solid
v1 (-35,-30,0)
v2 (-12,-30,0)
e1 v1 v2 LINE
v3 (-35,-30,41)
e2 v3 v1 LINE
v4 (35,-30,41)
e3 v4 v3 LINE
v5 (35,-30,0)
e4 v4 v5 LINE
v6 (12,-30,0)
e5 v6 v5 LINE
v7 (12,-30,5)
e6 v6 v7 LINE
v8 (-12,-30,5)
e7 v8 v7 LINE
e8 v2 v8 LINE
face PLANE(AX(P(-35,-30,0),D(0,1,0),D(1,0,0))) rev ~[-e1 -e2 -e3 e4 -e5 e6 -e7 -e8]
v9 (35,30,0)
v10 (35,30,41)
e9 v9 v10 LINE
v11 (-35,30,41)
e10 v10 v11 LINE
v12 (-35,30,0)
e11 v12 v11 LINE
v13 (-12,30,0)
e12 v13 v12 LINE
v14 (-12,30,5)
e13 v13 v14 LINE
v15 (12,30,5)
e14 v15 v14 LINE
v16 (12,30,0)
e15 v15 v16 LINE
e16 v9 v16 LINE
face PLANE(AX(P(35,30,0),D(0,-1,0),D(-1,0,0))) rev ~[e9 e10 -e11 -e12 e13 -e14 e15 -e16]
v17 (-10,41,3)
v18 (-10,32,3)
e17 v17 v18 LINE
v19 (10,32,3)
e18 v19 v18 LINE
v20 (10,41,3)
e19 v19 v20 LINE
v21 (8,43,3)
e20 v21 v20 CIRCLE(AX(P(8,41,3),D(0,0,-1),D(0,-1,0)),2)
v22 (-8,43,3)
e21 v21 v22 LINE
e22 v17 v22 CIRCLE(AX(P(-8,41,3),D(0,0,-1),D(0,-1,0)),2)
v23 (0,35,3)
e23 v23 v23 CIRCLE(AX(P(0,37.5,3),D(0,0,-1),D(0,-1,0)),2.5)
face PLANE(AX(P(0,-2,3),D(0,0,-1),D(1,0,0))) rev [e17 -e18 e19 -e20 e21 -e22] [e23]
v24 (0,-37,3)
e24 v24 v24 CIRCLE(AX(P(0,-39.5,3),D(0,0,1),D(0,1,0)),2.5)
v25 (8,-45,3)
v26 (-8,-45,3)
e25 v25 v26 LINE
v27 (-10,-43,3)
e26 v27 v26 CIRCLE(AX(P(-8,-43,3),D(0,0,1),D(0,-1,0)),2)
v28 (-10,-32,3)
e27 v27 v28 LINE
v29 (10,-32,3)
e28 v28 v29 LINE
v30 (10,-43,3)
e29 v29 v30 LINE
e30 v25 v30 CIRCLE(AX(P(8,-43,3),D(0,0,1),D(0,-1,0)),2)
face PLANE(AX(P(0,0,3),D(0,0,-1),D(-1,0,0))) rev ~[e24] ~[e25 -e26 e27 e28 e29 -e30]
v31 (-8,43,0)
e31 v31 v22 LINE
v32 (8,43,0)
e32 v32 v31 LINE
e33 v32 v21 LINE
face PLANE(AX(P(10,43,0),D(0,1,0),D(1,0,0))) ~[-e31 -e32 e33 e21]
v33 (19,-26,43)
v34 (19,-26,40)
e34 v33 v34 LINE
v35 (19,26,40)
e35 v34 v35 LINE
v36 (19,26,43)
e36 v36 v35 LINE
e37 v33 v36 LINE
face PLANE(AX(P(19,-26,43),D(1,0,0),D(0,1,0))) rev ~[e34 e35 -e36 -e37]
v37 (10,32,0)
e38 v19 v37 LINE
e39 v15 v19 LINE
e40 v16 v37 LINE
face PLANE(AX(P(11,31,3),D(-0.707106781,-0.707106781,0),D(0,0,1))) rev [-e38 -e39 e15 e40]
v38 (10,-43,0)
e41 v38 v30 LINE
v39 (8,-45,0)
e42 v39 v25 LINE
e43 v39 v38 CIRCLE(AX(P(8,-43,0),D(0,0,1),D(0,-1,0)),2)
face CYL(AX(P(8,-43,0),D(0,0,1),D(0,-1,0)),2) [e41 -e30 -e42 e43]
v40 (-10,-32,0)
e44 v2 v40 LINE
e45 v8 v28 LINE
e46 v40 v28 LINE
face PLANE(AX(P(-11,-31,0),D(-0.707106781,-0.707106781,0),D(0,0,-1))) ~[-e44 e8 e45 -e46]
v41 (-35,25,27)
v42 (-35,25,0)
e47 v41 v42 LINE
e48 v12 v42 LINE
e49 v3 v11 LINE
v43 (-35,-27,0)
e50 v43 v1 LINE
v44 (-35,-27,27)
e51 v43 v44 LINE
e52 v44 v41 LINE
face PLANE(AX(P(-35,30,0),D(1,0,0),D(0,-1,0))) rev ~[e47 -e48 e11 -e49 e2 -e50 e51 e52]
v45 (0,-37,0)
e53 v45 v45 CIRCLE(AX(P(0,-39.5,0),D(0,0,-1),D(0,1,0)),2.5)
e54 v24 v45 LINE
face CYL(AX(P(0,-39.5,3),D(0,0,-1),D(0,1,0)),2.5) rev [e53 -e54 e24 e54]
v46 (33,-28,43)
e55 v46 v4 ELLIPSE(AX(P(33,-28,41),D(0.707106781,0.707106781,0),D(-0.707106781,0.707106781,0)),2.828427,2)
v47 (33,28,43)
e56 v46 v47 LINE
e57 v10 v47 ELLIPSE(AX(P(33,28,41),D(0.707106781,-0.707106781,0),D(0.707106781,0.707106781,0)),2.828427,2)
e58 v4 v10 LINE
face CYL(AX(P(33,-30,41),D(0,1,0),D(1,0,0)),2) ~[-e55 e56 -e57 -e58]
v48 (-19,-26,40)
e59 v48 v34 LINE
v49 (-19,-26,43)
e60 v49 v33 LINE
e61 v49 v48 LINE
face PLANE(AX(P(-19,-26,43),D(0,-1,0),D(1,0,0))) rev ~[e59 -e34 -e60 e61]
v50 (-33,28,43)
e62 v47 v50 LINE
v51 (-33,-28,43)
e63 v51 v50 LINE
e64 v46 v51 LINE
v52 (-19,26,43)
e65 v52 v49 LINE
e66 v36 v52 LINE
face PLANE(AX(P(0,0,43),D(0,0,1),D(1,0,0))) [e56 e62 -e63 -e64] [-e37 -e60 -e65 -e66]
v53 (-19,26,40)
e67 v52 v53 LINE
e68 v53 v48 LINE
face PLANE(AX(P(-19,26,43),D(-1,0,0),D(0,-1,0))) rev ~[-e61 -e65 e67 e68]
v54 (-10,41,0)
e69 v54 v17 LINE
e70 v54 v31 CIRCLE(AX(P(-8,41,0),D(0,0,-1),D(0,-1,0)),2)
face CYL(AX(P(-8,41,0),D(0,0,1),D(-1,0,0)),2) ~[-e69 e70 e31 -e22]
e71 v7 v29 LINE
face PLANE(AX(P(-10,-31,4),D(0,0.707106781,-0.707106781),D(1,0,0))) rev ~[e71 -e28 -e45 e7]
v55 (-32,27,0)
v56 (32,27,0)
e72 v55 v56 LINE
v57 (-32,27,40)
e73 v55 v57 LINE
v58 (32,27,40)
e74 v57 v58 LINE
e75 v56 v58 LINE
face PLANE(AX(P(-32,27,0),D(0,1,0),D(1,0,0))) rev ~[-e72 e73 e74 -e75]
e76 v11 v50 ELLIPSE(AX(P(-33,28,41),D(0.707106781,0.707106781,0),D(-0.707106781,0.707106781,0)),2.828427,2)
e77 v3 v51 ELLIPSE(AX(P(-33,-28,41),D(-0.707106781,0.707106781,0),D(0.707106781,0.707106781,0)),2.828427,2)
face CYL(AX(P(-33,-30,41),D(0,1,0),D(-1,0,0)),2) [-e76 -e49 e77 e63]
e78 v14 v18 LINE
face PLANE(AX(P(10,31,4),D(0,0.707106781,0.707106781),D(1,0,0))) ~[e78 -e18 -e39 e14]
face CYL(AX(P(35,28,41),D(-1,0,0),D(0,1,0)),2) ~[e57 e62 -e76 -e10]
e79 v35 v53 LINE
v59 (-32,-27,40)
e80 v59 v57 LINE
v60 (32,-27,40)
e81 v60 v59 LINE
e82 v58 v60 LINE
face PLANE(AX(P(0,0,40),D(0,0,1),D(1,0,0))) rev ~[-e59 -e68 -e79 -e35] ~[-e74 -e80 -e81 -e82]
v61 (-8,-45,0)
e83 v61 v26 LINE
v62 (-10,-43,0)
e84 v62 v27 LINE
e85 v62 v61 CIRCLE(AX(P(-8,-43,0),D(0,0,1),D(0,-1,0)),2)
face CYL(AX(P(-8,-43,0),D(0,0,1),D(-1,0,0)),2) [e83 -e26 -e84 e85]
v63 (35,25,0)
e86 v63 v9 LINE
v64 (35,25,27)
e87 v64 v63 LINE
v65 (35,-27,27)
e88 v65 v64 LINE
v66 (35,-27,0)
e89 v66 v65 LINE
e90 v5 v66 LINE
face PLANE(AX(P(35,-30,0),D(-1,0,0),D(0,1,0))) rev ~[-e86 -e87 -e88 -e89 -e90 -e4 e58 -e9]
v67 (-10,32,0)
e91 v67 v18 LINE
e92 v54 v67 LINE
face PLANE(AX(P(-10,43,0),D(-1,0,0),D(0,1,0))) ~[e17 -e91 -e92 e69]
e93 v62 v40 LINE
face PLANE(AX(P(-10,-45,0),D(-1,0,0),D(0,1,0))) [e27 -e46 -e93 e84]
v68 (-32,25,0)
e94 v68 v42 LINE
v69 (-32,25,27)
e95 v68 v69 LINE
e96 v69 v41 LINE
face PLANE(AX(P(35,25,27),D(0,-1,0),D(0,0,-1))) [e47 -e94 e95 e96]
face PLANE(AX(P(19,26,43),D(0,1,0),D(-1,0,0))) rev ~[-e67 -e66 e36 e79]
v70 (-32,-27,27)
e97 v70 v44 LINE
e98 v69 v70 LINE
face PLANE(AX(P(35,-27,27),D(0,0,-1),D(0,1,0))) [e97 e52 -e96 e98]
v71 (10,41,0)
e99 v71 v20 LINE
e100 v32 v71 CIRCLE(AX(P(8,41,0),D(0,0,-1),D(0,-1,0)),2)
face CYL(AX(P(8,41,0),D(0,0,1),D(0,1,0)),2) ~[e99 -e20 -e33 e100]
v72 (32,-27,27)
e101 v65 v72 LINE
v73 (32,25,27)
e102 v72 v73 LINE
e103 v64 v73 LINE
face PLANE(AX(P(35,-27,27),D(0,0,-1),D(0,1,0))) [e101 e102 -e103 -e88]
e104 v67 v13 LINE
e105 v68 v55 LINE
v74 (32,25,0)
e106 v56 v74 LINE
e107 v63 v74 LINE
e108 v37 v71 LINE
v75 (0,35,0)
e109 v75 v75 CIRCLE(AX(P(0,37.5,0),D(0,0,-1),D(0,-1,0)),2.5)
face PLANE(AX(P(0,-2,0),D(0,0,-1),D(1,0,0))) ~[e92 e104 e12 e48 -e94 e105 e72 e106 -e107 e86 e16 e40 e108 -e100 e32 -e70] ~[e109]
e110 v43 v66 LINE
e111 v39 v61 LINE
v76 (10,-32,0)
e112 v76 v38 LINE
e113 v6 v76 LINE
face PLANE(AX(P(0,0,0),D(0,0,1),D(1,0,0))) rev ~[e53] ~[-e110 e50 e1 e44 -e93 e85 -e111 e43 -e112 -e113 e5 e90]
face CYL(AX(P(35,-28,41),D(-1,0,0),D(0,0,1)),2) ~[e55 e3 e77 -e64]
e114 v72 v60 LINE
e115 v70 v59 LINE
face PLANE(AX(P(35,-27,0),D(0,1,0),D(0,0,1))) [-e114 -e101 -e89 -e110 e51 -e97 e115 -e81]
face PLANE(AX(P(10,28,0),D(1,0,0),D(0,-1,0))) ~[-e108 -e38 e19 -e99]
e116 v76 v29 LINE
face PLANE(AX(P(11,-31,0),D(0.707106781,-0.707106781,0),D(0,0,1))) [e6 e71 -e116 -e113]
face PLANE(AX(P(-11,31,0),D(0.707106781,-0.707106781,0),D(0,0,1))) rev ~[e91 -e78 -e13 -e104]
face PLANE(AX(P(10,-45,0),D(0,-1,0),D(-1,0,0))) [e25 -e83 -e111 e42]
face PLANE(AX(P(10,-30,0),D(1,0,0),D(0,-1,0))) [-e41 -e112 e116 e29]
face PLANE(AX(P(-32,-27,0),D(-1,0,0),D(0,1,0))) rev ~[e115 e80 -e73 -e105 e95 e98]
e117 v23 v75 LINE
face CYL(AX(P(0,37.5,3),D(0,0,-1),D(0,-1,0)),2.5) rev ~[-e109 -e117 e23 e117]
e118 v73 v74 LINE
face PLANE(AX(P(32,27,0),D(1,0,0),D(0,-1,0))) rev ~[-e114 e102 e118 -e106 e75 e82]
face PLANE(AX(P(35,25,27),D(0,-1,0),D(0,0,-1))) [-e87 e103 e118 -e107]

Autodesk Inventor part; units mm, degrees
ref_plane "YZ Plane" through (0, 0, 0) normal (1, 0, 0) x (0, 1, 0)
ref_plane "XZ Plane" through (0, 0, 0) normal (0, 1, 0) x (-1, 0, 0)
ref_plane "XY Plane" through (0, 0, 0) normal (0, 0, 1) x (1, 0, 0)
sketch "Sketch1" plane through (0, 0, 0) normal (0, 0, 1) x (1, 0, 0)
  line L0 (-32, 27) -> (32, 27)
  line L1 (32, 27) -> (32, -27)
  line L2 (32, -27) -> (-32, -27)
  line L3 (-32, -27) -> (-32, 27)
  line L4 (-32, 27) -> (32, -27) construction
  line L5 (32, 27) -> (-32, -27) construction
  line L6 (35, 30) -> (-35, 30)
  line L7 (-35, 30) -> (-35, -30)
  line L8 (-35, -30) -> (35, -30)
  line L9 (35, -30) -> (35, 30)
  point P0 (0, 0)
  dimension "d0" = 64
  dimension "d1" = 54
  dimension "d2" = 3
extrude "Extrusion1" add sketch "Sketch1" along normal blind 40
sketch "Sketch2" plane through (0, 0, 40) normal (0, 0, 1) x (1, 0, 0)
  line L0 (35, 30) -> (-35, 30) projected
  line L1 (35, -30) -> (35, 30) projected
  line L2 (-35, 30) -> (35, 30)
  line L3 (35, 30) -> (35, -30)
  line L4 (35, -30) -> (-35, -30)
  line L5 (-35, -30) -> (-35, 30)
  point P0 (0, 0)
extrude "Extrusion2" add sketch "Sketch2" along normal blind 3
sketch "Sketch3" plane through (35, -30, 0) normal (1, 0, 0) x (0, 0, -1)
  line L0 (0, 3) -> (-27, 3)
  line L1 (-27, 3) -> (-27, 55)
  line L2 (-27, 55) -> (0, 55)
  line L3 (0, 55) -> (0, 3)
  line L4 (0, 3) -> (-27, 55) construction
  line L5 (-27, 3) -> (0, 55) construction
  line L6 (0, 0) -> (0, 60) projected
  point P0 (0, 30)
  point P1 (-13.5, 29)
  dimension "d7" = 27
  dimension "d8" = 52
  dimension "d9" = 13.5
extrude "Extrusion3" cut sketch "Sketch3" against normal through all
sketch "Sketch4" plane through (-35, -30, 0) normal (0, -1, 0) x (1, 0, 0)
  point P0 (35, 0)
sketch "Sketch5" plane through (0, 0, 0) normal (0, 0, -1) x (-1, 0, 0)
  line L0 (10, -30) -> (-10, -30)
  line L1 (-10, -30) -> (-10, -45)
  line L2 (-10, -45) -> (10, -45)
  line L3 (10, -45) -> (10, -30)
  line L4 (10, -30) -> (-10, -45) construction
  line L5 (-10, -30) -> (10, -45) construction
  line L6 (35, -27) -> (-35, -27) projected
  point P0 (0, 0)
  point P1 (0, -37.5)
  dimension "d12" = 20
  dimension "d13" = 15
  dimension "d14" = 10.5
extrude "Extrusion4" add sketch "Sketch5" against normal blind 3
ref_plane "Work Plane1" through (-35, -1, 43) normal (0, -1, 0) x (1, 0, 0)
mirror "Mirror1" about plane through (-35, -1, 43) normal (0, -1, 0) of "Extrusion4"
chamfer "Chamfer1" distance 2 angle 45 6 edges at (10, -30, 1.5) (0, -30, 3) (-10, -30, 1.5) (10, 30, 1.5) (0, 30, 3) (-10, 30, 1.5)
fillet "Fillet1" radius 2 8 edges at (10, -45, 1.5) (-10, -45, 1.5) (-35, 0, 43) (0, -30, 43) (35, 0, 43) (0, 30, 43) (10, 43, 1.5) (-10, 43, 1.5)
sketch "Sketch7" plane through (0, 0, 43) normal (0, 0, 1) x (1, 0, 0)
  line L0 (-19, -26) -> (19, -26)
  line L1 (19, -26) -> (19, 26)
  line L2 (19, 26) -> (-19, 26)
  line L3 (-19, 26) -> (-19, -26)
  line L4 (-19, -26) -> (19, 26) construction
  line L5 (19, -26) -> (-19, 26) construction
  point P0 (0, 0)
  dimension "d25" = 38
  dimension "d26" = 52
extrude "Extrusion6" cut sketch "Sketch7" against normal blind 3
sketch "Sketch8" plane through (-10, 32, 3) normal (0, 0, 1) x (1, 0, 0)
  line L0 (2, 11) -> (18, 11) projected
  line L1 (20, 9) -> (20, 0) projected
  point P0 (10, -32)
  point P1 (10, 5.5)
  dimension "d29" = 5.5
  dimension "d30" = 10
hole "Hole1" at (0, 37.5, 3) direction (0, 0, -1) diameter 5 end through all
mirror "Mirror2" about plane through (-35, -1, 43) normal (0, -1, 0) of "Hole1"
equation "\"d9\" = 0.5 * d7"
properties part number "Eletronica - ProtecaoRele"
